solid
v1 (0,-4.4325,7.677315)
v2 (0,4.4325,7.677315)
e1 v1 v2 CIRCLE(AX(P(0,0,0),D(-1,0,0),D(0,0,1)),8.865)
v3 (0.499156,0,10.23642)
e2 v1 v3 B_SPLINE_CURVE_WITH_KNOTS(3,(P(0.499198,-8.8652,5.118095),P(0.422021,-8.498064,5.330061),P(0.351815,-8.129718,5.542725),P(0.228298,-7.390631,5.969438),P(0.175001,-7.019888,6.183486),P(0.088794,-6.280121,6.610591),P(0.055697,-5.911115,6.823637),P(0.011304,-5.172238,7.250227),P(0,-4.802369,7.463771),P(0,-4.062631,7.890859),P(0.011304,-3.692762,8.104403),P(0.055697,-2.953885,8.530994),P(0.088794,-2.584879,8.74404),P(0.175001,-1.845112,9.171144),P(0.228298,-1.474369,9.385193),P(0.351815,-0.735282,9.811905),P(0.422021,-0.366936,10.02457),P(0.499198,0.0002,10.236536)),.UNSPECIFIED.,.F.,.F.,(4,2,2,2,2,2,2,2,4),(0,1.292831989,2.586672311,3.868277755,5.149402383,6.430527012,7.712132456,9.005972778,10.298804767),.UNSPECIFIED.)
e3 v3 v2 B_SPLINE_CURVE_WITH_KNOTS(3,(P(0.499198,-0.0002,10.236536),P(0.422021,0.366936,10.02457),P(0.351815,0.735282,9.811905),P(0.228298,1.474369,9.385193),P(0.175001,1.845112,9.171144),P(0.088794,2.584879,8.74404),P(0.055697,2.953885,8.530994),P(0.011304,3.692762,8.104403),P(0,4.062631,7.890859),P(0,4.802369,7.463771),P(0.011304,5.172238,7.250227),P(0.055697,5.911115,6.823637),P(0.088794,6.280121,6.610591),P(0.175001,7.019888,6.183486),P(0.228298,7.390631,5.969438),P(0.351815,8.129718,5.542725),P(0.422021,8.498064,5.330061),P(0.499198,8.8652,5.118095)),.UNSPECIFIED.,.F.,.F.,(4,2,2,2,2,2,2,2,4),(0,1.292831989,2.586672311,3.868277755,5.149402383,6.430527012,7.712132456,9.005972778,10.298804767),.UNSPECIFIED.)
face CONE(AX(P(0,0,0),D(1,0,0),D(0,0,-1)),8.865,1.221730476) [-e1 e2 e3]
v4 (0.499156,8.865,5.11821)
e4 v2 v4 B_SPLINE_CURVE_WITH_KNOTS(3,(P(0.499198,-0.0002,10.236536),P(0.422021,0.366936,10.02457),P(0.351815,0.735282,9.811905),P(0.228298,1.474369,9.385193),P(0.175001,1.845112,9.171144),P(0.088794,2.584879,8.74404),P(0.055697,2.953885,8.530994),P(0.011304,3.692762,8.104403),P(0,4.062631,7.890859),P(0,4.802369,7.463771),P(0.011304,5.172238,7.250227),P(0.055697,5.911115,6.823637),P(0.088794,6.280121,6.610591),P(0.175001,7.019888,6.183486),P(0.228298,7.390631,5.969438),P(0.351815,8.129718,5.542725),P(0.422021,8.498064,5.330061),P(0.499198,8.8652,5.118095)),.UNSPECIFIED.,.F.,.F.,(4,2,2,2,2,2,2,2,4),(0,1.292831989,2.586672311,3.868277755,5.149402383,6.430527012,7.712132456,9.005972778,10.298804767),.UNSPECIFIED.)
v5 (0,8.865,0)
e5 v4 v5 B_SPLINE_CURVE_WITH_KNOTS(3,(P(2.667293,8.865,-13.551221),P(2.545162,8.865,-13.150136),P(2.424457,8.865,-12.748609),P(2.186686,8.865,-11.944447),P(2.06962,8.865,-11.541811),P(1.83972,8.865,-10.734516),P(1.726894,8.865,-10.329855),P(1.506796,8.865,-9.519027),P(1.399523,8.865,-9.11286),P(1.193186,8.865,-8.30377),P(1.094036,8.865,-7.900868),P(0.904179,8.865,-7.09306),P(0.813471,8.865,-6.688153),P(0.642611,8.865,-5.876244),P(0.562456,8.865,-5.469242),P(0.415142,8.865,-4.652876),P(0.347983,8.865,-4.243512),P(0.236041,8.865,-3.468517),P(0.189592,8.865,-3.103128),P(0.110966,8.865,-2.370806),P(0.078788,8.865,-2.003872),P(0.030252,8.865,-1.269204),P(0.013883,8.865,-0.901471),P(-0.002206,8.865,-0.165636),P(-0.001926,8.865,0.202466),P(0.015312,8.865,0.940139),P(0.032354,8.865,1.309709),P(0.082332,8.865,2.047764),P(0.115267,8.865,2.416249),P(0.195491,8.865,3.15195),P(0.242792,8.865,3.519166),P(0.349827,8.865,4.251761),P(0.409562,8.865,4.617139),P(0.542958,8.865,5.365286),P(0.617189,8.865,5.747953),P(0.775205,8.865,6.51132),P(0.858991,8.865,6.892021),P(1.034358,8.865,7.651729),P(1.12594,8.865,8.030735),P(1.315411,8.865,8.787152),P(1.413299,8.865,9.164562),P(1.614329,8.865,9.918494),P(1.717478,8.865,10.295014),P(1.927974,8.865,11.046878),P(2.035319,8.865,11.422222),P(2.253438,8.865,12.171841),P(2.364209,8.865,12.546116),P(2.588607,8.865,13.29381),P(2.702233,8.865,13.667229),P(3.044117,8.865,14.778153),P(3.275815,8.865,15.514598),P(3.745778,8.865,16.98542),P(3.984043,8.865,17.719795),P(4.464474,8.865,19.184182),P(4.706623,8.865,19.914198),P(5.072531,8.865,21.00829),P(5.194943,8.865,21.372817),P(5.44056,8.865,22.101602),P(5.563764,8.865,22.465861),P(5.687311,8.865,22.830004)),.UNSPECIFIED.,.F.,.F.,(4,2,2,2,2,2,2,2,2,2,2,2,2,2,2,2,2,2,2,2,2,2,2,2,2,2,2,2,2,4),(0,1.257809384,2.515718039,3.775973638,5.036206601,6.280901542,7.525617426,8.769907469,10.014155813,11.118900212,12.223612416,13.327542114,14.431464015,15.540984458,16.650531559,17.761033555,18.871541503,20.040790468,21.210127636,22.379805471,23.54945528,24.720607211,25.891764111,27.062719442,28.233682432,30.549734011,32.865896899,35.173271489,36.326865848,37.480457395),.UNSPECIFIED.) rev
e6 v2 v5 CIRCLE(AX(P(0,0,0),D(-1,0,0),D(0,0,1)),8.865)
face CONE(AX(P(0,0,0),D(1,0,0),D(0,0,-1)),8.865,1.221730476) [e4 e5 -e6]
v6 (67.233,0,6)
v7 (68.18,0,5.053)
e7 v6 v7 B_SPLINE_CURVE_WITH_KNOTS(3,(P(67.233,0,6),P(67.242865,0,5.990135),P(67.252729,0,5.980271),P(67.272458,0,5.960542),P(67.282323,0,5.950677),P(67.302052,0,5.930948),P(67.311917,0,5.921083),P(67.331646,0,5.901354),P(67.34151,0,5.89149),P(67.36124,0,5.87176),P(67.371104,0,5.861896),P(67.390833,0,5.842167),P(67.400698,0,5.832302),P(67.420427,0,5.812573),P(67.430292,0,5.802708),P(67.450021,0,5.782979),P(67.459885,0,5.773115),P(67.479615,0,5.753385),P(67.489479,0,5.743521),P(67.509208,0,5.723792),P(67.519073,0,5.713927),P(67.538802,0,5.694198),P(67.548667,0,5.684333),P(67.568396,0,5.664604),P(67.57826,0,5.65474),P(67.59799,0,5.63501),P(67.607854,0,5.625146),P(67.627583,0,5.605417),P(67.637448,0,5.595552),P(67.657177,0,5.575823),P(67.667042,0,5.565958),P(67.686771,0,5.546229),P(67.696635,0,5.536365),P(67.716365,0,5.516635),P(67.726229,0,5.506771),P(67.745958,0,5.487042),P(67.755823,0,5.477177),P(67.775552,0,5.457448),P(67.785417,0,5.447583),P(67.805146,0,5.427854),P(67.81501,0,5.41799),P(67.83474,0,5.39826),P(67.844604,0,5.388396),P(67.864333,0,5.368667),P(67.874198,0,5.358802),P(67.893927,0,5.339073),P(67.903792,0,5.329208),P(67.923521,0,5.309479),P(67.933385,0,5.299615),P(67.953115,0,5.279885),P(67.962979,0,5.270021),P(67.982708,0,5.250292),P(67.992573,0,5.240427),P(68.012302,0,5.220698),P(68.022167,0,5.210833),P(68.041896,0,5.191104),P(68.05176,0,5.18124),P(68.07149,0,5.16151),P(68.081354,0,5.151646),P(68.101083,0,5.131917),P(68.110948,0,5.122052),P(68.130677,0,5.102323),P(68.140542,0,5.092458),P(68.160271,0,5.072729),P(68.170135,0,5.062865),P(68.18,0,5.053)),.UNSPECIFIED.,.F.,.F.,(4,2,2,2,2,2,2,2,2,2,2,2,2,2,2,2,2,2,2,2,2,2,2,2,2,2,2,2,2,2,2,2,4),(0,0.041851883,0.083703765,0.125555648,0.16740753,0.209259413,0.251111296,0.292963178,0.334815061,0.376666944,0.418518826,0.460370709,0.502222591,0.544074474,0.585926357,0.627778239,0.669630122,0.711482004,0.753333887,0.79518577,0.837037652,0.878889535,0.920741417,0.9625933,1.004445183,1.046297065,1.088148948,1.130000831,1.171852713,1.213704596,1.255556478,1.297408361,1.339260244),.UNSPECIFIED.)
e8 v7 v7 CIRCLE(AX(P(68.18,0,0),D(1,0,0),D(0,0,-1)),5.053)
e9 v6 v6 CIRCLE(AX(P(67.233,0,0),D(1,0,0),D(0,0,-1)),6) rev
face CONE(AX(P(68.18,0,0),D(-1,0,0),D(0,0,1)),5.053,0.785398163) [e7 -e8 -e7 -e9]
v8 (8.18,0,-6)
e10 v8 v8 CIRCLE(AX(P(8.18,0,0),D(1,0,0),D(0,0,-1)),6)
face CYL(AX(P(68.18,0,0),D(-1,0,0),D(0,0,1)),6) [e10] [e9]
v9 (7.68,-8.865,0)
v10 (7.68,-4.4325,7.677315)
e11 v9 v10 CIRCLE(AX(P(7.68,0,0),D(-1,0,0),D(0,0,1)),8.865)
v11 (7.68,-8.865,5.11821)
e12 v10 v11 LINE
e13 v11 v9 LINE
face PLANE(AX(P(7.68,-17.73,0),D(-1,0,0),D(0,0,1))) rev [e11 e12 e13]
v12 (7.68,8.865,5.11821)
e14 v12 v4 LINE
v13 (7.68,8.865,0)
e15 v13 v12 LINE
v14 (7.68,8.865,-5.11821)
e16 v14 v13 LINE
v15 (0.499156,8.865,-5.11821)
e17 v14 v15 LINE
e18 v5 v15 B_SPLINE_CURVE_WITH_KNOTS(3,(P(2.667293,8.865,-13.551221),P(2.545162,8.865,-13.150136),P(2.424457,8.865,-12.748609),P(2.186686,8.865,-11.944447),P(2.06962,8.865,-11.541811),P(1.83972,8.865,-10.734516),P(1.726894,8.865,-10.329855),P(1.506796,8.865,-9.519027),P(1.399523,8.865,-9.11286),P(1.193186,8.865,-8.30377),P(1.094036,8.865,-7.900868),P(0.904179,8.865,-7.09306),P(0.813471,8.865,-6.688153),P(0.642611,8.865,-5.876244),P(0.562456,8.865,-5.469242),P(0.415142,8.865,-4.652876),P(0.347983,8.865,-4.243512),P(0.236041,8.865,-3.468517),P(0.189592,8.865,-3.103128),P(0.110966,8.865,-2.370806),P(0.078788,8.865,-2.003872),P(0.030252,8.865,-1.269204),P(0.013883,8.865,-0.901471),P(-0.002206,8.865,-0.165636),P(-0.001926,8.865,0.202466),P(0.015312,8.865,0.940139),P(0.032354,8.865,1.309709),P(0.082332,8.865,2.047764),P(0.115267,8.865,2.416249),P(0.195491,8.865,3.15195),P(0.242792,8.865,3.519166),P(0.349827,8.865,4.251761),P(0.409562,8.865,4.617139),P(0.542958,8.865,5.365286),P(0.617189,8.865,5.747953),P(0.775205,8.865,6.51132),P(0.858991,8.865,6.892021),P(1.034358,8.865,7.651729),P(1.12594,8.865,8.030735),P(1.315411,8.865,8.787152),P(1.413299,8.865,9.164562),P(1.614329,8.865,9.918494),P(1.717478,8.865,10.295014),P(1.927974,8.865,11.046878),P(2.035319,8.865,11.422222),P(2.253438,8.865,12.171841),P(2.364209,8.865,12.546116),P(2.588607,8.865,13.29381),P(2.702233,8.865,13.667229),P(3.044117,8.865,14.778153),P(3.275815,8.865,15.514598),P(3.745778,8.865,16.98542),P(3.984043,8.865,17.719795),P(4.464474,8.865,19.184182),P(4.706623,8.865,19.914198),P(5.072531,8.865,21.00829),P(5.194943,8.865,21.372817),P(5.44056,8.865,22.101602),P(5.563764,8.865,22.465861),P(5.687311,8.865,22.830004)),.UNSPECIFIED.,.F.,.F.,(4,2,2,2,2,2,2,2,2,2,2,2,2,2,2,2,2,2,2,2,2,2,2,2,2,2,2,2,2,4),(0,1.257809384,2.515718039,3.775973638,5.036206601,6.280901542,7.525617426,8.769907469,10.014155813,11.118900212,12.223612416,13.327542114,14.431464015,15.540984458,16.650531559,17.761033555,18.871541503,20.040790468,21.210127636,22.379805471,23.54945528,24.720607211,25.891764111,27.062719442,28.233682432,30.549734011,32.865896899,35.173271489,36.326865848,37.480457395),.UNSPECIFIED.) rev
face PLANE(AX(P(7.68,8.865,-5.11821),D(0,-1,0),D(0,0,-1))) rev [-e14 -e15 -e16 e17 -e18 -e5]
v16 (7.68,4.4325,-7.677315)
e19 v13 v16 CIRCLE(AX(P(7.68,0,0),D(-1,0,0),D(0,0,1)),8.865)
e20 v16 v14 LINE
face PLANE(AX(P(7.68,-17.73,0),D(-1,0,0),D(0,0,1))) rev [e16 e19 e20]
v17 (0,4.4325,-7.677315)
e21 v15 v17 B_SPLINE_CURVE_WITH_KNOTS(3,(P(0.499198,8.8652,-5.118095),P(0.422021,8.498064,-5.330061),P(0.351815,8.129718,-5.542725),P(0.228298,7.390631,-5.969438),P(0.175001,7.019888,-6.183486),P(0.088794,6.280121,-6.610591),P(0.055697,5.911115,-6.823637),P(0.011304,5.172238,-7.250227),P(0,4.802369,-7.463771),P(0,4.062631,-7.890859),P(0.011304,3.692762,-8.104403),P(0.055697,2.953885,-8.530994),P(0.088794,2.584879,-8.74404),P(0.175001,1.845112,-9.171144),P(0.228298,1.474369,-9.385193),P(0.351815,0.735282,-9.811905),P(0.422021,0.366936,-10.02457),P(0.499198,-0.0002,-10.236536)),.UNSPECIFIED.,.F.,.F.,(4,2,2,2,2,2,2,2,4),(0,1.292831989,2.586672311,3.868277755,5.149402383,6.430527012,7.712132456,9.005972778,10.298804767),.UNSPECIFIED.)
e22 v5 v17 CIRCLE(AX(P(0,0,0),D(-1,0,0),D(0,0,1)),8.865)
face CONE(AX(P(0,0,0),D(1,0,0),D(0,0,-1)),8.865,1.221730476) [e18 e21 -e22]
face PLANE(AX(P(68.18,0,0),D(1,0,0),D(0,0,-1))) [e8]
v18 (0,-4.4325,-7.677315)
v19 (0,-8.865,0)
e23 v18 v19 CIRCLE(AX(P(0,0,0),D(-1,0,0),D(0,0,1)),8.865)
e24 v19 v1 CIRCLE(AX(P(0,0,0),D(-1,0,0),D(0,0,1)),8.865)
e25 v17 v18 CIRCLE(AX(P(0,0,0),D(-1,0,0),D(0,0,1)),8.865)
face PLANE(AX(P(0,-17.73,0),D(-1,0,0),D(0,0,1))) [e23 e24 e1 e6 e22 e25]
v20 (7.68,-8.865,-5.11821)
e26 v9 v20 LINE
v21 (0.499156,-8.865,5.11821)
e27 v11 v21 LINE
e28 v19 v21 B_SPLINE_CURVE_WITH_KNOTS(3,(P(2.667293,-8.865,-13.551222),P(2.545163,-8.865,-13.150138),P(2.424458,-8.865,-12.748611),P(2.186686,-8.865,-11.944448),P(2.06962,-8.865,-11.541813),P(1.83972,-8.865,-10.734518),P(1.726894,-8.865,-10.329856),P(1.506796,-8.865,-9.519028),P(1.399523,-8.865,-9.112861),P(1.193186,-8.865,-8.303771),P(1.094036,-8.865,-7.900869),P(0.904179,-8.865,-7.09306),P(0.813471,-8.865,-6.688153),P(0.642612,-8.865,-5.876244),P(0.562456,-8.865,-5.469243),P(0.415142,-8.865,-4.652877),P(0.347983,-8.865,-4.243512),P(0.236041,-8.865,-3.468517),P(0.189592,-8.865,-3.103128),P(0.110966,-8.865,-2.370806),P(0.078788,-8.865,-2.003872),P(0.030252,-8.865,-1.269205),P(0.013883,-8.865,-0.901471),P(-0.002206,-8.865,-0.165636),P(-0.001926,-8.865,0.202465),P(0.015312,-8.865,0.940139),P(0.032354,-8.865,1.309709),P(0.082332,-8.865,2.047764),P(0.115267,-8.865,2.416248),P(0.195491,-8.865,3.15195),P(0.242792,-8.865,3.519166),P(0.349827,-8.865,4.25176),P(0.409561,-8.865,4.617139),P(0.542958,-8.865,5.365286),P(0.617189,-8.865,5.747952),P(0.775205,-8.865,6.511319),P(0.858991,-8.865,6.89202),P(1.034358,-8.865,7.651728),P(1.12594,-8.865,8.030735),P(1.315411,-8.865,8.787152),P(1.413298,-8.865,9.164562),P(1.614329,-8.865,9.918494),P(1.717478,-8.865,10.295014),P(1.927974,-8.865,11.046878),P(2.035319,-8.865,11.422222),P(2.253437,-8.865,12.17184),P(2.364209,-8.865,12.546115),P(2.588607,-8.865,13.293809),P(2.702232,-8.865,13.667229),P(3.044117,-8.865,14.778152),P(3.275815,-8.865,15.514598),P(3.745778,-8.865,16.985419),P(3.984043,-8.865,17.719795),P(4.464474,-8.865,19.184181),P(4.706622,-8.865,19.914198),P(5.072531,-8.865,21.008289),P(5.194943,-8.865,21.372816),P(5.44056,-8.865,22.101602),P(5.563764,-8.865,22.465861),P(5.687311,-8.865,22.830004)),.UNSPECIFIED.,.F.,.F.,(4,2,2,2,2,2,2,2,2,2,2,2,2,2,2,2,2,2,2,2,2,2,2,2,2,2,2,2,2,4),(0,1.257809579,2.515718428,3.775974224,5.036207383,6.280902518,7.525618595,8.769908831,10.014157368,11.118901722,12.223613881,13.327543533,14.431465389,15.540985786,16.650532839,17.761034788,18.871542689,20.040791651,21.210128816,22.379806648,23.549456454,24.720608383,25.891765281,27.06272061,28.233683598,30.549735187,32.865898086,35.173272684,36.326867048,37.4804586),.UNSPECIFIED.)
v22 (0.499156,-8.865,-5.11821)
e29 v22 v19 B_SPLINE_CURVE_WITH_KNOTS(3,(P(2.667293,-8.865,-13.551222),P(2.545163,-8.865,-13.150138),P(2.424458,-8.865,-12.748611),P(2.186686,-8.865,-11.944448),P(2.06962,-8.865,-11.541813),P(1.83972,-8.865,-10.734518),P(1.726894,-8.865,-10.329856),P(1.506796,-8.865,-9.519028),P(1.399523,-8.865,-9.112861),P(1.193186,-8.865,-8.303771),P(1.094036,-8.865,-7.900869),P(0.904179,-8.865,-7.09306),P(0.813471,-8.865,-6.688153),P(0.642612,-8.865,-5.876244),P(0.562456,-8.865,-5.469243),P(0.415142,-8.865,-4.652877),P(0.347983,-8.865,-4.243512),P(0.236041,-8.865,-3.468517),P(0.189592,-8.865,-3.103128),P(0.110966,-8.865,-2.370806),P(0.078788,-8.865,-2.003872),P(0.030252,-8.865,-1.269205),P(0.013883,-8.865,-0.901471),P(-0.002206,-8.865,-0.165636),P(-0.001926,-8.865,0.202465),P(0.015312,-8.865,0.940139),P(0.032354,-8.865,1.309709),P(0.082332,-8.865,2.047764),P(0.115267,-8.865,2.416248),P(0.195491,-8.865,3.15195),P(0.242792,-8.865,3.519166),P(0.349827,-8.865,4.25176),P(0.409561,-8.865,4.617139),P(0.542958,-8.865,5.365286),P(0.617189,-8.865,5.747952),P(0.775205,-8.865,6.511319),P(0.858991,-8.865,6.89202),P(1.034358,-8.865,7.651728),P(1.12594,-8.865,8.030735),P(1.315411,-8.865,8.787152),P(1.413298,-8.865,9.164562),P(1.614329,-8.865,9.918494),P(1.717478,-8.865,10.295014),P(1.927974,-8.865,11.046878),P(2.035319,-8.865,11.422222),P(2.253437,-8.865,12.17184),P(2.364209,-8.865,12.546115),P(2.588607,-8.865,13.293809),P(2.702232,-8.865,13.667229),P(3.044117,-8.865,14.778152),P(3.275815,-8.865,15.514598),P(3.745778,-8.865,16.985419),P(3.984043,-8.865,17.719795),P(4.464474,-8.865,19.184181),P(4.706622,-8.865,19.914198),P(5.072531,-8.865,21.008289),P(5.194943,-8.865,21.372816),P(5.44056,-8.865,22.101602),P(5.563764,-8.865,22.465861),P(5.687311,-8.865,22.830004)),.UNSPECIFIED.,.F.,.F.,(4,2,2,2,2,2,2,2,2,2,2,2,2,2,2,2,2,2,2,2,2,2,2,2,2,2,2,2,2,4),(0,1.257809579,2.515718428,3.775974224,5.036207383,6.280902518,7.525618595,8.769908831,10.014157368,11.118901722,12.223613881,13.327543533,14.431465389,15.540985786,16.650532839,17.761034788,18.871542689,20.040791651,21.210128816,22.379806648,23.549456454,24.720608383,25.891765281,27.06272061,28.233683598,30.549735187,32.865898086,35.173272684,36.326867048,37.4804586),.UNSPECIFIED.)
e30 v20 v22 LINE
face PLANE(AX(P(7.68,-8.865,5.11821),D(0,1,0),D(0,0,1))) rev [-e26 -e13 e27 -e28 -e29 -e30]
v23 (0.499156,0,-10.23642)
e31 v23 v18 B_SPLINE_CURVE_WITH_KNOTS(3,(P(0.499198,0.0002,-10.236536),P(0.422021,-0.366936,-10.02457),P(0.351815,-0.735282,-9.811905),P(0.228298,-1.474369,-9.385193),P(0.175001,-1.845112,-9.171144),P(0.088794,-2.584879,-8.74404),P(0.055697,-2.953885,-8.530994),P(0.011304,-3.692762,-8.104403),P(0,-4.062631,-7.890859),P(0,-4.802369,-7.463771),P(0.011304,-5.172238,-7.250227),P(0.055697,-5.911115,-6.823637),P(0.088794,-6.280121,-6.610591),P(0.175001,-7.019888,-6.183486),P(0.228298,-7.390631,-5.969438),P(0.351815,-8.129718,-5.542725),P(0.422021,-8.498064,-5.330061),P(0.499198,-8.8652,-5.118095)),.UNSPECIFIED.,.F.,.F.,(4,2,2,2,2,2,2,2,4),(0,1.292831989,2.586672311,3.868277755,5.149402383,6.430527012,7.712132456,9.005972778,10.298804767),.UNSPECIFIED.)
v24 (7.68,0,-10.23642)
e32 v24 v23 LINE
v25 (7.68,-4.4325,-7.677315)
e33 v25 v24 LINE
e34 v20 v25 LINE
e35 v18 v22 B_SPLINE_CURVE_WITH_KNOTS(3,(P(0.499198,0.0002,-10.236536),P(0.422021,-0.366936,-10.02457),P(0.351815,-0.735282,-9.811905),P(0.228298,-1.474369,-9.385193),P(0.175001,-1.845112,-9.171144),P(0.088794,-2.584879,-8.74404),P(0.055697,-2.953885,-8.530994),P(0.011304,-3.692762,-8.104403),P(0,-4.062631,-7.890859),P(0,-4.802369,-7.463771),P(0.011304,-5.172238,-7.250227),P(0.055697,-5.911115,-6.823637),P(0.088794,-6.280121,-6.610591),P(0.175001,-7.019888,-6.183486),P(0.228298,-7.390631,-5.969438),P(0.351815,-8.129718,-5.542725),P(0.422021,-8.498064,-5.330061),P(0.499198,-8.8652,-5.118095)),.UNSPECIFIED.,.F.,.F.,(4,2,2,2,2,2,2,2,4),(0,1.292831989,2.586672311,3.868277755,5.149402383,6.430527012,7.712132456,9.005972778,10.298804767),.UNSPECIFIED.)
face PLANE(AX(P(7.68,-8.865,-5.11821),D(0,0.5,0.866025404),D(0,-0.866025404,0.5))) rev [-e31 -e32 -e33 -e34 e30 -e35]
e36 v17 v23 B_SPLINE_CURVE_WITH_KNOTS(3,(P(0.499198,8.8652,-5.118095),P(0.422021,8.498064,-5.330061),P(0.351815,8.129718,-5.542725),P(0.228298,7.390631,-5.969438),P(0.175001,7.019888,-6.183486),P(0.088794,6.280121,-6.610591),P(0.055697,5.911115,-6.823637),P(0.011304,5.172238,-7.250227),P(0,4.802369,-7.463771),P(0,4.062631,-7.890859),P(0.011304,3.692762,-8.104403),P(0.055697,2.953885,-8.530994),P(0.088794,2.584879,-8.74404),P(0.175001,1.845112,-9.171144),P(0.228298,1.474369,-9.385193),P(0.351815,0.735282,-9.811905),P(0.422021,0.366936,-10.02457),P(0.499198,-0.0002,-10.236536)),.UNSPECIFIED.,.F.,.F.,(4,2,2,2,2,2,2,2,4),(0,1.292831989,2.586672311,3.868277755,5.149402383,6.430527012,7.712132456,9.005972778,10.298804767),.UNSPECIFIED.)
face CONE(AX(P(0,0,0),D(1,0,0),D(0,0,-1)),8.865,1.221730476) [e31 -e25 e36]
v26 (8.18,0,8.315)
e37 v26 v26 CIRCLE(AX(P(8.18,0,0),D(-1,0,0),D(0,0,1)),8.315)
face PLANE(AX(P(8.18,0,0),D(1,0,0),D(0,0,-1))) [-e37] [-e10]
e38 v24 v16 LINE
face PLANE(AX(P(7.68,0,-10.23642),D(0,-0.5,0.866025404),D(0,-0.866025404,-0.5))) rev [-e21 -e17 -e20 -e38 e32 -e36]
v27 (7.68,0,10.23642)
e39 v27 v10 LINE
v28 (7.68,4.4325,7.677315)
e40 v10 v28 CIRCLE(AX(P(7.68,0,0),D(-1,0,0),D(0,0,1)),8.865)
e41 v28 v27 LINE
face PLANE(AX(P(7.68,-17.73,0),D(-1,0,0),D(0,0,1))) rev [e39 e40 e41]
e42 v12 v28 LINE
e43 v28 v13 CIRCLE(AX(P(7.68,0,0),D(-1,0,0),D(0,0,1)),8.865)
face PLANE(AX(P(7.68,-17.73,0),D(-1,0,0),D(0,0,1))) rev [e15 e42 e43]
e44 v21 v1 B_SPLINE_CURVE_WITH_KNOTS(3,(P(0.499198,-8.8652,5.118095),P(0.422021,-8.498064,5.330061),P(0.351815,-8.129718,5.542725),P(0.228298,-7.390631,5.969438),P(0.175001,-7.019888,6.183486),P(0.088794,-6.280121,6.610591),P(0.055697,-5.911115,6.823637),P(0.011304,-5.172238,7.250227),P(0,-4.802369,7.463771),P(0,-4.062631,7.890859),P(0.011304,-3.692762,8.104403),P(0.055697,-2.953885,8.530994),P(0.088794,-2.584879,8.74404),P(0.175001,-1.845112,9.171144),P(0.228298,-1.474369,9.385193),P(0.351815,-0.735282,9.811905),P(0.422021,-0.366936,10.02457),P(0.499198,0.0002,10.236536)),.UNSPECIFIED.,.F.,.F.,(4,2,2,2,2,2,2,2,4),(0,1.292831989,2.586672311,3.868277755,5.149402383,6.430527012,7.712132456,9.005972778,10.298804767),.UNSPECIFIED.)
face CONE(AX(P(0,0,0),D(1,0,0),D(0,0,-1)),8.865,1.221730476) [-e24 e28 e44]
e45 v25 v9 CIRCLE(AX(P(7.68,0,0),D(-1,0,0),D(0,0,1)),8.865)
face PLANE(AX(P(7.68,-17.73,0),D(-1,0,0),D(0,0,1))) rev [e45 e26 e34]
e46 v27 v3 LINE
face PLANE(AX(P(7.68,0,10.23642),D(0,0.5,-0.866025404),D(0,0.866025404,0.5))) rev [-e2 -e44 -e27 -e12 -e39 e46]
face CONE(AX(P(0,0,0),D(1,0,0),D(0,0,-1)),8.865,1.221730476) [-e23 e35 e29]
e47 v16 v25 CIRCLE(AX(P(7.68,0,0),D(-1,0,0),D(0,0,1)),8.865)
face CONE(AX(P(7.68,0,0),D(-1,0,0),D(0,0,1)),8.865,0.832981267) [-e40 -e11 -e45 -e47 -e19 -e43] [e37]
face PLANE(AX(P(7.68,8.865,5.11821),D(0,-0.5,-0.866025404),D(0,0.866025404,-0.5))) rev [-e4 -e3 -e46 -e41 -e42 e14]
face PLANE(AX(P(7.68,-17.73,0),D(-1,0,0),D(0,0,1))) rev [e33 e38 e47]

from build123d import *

# Parameters (mm, degrees)
BASEHEAD_DEPTH = 7.68
SKETCH3_R      = 6
BASEBODY_DEPTH = 60
CHAMFER1_SIZE  = 0.947


with BuildPart() as part:
    # Sketch-BaseHead → BaseHead (new body)
    with BuildSketch(Plane(origin=(0, 0, 0), x_dir=(0, 0, -1), z_dir=(1, 0, 0))):
        Polygon((10.236420273, 0), (5.118210136, 8.865), (-5.118210136, 8.865), (-10.236420273, 0), (-5.118210136, -8.865), (5.118210136, -8.865), align=None)
    extrude(amount=BASEHEAD_DEPTH)

    # Sketch4 → HeadChamfer (revolve, cut)
    with BuildSketch(Plane(origin=(-0.264637255, 0, 5.916896391), x_dir=(0, 0, -1), z_dir=(0, 1, 0))):
        Polygon((16.153316664, -0.264637255), (14.781896391, -0.264637255), (16.153316664, -0.763793413), align=None)
    revolve(axis=Axis((-4.001564945, 0, 0), (1, 0, 0)), mode=Mode.SUBTRACT)

    # Sketch1 → Revolve1 (revolve)
    with BuildSketch(Plane.XY, mode=Mode.PRIVATE) as revolve1_sk:
        Polygon((7.68, 0), (8.18, 0), (8.18, -8.315), (7.68, -8.865), align=None)
    revolve(revolve1_sk.sketch.rotate(Axis((-4.001564945, 0, 0), (1, 0, 0)), 270), axis=Axis((-4.001564945, 0, 0), (1, 0, 0)))

    # Sketch3 → BaseBody (add)
    with BuildSketch(Plane(origin=(8.18, 0, 0), x_dir=(0, 0, -1), z_dir=(1, 0, 0))):
        Circle(SKETCH3_R)
    extrude(amount=BASEBODY_DEPTH)

    # Chamfer1
    chamfer1_edges = [part.edges().sort_by_distance(p)[0] for p in [
        (68.18, 0, 6),
    ]]
    chamfer(chamfer1_edges, length=CHAMFER1_SIZE)


solid = part.part
